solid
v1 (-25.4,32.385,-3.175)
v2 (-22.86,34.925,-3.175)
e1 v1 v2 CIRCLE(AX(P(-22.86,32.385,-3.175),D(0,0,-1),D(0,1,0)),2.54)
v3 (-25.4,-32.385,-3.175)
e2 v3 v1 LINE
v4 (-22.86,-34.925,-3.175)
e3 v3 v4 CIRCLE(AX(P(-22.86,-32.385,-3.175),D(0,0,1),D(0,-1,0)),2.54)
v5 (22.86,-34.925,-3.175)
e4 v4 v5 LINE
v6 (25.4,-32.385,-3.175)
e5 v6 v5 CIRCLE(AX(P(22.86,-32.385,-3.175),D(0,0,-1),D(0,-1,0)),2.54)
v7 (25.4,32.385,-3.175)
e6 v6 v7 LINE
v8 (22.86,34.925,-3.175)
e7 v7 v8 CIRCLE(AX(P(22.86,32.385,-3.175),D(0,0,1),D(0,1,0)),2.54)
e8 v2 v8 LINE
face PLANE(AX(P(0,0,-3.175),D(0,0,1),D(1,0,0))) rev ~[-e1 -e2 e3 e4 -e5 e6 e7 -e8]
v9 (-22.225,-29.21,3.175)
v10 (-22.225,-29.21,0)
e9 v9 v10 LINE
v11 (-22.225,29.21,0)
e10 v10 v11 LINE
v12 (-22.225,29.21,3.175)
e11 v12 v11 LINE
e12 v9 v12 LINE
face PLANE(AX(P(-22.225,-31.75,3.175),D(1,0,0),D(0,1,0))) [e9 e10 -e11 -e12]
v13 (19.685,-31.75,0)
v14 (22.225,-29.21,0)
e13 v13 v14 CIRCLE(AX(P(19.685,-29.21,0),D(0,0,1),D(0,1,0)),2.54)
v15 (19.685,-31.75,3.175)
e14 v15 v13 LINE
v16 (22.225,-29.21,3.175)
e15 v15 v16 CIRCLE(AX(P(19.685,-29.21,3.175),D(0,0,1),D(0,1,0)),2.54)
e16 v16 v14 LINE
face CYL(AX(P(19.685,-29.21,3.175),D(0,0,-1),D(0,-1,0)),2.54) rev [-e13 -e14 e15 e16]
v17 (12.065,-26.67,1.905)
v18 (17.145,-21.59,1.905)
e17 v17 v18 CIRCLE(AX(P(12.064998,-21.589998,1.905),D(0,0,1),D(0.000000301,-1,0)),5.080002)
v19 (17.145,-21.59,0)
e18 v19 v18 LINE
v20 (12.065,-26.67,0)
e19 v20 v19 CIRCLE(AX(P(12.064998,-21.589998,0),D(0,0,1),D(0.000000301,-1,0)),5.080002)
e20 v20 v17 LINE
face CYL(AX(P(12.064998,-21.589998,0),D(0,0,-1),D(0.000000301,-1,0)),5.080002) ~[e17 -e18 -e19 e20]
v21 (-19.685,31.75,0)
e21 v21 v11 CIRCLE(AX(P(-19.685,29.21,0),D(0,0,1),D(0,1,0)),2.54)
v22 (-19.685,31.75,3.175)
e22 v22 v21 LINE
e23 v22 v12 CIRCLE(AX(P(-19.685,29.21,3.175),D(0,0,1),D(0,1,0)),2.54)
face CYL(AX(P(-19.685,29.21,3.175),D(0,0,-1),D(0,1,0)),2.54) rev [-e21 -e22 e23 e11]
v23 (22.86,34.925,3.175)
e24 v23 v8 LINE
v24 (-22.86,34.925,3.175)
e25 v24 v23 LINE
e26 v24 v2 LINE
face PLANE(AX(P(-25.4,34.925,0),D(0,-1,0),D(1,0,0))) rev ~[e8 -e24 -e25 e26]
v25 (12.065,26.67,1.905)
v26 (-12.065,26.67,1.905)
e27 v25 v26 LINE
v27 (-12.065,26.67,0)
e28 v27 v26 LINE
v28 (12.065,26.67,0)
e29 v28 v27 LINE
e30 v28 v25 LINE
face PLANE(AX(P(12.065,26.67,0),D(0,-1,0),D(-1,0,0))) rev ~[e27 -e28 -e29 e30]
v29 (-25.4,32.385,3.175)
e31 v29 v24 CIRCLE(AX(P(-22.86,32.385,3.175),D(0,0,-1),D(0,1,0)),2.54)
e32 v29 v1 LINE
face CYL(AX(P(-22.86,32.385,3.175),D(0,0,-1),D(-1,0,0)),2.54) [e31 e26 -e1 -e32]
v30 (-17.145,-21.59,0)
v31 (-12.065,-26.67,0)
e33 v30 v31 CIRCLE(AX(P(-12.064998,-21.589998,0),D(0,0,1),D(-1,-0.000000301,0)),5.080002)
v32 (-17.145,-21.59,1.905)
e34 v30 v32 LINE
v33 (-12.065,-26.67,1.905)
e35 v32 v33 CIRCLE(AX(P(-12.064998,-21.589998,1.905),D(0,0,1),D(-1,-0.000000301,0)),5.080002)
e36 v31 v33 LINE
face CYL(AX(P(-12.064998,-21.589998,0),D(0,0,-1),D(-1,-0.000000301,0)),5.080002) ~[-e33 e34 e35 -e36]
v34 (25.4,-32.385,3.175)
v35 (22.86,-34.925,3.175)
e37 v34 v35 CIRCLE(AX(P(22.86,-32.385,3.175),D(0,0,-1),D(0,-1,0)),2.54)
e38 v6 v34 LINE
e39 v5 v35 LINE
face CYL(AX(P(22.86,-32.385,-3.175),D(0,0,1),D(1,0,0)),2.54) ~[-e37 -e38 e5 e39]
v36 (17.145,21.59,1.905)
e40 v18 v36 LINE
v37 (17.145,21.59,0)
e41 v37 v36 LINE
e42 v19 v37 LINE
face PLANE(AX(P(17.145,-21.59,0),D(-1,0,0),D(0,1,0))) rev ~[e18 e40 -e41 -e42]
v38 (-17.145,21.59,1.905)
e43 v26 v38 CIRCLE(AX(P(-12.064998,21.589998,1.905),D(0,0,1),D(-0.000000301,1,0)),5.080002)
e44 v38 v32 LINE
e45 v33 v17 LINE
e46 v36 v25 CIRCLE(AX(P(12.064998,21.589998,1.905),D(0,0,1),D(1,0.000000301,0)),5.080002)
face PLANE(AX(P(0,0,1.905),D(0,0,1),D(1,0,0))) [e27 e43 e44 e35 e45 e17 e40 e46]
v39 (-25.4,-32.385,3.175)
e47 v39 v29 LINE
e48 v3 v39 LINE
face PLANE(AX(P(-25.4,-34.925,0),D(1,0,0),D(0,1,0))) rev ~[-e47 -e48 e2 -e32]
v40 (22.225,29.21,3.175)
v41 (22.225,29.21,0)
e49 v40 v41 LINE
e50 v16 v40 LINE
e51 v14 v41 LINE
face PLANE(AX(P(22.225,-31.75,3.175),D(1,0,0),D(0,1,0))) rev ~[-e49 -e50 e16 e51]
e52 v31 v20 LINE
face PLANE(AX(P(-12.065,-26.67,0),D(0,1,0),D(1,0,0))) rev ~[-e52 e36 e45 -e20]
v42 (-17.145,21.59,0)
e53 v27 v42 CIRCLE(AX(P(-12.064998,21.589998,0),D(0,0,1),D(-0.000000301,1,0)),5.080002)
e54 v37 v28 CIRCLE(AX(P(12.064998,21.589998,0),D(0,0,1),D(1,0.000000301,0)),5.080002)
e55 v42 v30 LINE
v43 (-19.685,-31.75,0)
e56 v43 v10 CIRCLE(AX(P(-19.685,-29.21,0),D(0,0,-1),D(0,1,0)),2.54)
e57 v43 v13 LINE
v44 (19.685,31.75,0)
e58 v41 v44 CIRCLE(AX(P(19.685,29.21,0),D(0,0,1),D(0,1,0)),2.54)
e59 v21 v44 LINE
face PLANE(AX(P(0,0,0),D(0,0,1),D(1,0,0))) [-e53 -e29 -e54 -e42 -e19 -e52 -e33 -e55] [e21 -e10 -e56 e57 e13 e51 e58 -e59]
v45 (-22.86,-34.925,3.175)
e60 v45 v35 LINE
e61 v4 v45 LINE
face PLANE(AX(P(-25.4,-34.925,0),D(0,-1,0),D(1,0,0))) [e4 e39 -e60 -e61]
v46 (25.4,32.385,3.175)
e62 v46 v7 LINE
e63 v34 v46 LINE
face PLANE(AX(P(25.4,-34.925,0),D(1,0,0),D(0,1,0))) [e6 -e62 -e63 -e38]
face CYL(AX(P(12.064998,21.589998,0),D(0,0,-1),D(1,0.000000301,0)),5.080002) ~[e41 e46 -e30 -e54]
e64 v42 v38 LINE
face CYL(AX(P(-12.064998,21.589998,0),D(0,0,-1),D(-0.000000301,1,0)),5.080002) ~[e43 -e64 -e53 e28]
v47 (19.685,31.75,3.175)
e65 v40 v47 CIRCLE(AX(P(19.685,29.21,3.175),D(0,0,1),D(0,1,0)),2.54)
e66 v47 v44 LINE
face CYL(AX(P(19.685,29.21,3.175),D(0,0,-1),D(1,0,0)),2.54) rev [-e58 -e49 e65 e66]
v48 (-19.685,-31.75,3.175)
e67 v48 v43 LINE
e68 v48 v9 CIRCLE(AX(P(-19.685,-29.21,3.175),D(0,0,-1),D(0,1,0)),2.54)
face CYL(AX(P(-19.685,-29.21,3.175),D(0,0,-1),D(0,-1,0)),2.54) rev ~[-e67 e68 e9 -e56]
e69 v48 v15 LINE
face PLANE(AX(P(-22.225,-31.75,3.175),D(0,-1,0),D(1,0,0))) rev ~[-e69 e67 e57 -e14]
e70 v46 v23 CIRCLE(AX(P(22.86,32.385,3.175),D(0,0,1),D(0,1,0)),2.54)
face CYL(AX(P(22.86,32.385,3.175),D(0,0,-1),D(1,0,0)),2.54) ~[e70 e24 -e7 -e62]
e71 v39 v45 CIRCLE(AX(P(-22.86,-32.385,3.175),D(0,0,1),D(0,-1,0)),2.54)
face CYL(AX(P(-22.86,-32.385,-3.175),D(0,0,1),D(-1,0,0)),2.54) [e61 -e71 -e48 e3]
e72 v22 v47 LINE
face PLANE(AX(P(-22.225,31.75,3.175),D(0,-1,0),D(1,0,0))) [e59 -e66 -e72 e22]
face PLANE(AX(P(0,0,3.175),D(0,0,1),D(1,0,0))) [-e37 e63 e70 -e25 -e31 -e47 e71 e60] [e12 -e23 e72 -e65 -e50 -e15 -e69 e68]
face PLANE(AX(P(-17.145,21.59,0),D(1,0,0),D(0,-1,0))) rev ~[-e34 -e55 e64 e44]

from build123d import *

# Parameters (mm, degrees)
F0_W     = 50.8
F0_H     = 69.85
F1_DEPTH = 3.175
F2_R     = 2.54
F3_W     = 44.45
F3_H     = 63.5
F4_DEPTH = 3.175
F5_R     = 2.54
F7_DEPTH = 1.905


with BuildPart() as f1:
    # F0 (on Top) → F1 (new body, symmetric)
    with BuildSketch(Plane.XY):
        Rectangle(F0_W, F0_H)
    extrude(amount=F1_DEPTH, both=True)

    # F2
    f2_edges = [f1.edges().sort_by_distance(p)[0] for p in [
        (25.4, -34.925, 0),
        (-25.4, -34.925, 0),
        (25.4, 34.925, 0),
        (-25.4, 34.925, 0),
    ]]
    fillet(f2_edges, radius=F2_R)

    # F3 (on face) → F4 (cut)
    with BuildSketch(Plane.XY.offset(3.175)):
        Rectangle(F3_W, F3_H)
    extrude(amount=-F4_DEPTH, mode=Mode.SUBTRACT)

    # F5
    f5_edges = [f1.edges().sort_by_distance(p)[0] for p in [
        (-22.225, 31.75, 1.5875),
        (22.225, 31.75, 1.5875),
        (-22.225, -31.75, 1.5875),
        (22.225, -31.75, 1.5875),
    ]]
    fillet(f5_edges, radius=F5_R)

    # F6 (on face) → F7 (join)
    with BuildSketch(Plane.XY):
        with BuildLine():
            ThreePointArc((-17.145, -21.59), (-15.657102, -25.182102), (-12.065, -26.67))
            Line((-12.065, -26.67), (12.065, -26.67))
            ThreePointArc((12.065, -26.67), (15.657102, -25.182102), (17.145, -21.59))
            Line((17.145, -21.59), (17.145, 21.59))
            ThreePointArc((17.145, 21.59), (15.657102, 25.182102), (12.065, 26.67))
            Line((12.065, 26.67), (-12.065, 26.67))
            ThreePointArc((-12.065, 26.67), (-15.657102, 25.182102), (-17.145, 21.59))
            Line((-17.145, 21.59), (-17.145, -21.59))
        make_face()
    extrude(amount=F7_DEPTH)


solid = f1.part
